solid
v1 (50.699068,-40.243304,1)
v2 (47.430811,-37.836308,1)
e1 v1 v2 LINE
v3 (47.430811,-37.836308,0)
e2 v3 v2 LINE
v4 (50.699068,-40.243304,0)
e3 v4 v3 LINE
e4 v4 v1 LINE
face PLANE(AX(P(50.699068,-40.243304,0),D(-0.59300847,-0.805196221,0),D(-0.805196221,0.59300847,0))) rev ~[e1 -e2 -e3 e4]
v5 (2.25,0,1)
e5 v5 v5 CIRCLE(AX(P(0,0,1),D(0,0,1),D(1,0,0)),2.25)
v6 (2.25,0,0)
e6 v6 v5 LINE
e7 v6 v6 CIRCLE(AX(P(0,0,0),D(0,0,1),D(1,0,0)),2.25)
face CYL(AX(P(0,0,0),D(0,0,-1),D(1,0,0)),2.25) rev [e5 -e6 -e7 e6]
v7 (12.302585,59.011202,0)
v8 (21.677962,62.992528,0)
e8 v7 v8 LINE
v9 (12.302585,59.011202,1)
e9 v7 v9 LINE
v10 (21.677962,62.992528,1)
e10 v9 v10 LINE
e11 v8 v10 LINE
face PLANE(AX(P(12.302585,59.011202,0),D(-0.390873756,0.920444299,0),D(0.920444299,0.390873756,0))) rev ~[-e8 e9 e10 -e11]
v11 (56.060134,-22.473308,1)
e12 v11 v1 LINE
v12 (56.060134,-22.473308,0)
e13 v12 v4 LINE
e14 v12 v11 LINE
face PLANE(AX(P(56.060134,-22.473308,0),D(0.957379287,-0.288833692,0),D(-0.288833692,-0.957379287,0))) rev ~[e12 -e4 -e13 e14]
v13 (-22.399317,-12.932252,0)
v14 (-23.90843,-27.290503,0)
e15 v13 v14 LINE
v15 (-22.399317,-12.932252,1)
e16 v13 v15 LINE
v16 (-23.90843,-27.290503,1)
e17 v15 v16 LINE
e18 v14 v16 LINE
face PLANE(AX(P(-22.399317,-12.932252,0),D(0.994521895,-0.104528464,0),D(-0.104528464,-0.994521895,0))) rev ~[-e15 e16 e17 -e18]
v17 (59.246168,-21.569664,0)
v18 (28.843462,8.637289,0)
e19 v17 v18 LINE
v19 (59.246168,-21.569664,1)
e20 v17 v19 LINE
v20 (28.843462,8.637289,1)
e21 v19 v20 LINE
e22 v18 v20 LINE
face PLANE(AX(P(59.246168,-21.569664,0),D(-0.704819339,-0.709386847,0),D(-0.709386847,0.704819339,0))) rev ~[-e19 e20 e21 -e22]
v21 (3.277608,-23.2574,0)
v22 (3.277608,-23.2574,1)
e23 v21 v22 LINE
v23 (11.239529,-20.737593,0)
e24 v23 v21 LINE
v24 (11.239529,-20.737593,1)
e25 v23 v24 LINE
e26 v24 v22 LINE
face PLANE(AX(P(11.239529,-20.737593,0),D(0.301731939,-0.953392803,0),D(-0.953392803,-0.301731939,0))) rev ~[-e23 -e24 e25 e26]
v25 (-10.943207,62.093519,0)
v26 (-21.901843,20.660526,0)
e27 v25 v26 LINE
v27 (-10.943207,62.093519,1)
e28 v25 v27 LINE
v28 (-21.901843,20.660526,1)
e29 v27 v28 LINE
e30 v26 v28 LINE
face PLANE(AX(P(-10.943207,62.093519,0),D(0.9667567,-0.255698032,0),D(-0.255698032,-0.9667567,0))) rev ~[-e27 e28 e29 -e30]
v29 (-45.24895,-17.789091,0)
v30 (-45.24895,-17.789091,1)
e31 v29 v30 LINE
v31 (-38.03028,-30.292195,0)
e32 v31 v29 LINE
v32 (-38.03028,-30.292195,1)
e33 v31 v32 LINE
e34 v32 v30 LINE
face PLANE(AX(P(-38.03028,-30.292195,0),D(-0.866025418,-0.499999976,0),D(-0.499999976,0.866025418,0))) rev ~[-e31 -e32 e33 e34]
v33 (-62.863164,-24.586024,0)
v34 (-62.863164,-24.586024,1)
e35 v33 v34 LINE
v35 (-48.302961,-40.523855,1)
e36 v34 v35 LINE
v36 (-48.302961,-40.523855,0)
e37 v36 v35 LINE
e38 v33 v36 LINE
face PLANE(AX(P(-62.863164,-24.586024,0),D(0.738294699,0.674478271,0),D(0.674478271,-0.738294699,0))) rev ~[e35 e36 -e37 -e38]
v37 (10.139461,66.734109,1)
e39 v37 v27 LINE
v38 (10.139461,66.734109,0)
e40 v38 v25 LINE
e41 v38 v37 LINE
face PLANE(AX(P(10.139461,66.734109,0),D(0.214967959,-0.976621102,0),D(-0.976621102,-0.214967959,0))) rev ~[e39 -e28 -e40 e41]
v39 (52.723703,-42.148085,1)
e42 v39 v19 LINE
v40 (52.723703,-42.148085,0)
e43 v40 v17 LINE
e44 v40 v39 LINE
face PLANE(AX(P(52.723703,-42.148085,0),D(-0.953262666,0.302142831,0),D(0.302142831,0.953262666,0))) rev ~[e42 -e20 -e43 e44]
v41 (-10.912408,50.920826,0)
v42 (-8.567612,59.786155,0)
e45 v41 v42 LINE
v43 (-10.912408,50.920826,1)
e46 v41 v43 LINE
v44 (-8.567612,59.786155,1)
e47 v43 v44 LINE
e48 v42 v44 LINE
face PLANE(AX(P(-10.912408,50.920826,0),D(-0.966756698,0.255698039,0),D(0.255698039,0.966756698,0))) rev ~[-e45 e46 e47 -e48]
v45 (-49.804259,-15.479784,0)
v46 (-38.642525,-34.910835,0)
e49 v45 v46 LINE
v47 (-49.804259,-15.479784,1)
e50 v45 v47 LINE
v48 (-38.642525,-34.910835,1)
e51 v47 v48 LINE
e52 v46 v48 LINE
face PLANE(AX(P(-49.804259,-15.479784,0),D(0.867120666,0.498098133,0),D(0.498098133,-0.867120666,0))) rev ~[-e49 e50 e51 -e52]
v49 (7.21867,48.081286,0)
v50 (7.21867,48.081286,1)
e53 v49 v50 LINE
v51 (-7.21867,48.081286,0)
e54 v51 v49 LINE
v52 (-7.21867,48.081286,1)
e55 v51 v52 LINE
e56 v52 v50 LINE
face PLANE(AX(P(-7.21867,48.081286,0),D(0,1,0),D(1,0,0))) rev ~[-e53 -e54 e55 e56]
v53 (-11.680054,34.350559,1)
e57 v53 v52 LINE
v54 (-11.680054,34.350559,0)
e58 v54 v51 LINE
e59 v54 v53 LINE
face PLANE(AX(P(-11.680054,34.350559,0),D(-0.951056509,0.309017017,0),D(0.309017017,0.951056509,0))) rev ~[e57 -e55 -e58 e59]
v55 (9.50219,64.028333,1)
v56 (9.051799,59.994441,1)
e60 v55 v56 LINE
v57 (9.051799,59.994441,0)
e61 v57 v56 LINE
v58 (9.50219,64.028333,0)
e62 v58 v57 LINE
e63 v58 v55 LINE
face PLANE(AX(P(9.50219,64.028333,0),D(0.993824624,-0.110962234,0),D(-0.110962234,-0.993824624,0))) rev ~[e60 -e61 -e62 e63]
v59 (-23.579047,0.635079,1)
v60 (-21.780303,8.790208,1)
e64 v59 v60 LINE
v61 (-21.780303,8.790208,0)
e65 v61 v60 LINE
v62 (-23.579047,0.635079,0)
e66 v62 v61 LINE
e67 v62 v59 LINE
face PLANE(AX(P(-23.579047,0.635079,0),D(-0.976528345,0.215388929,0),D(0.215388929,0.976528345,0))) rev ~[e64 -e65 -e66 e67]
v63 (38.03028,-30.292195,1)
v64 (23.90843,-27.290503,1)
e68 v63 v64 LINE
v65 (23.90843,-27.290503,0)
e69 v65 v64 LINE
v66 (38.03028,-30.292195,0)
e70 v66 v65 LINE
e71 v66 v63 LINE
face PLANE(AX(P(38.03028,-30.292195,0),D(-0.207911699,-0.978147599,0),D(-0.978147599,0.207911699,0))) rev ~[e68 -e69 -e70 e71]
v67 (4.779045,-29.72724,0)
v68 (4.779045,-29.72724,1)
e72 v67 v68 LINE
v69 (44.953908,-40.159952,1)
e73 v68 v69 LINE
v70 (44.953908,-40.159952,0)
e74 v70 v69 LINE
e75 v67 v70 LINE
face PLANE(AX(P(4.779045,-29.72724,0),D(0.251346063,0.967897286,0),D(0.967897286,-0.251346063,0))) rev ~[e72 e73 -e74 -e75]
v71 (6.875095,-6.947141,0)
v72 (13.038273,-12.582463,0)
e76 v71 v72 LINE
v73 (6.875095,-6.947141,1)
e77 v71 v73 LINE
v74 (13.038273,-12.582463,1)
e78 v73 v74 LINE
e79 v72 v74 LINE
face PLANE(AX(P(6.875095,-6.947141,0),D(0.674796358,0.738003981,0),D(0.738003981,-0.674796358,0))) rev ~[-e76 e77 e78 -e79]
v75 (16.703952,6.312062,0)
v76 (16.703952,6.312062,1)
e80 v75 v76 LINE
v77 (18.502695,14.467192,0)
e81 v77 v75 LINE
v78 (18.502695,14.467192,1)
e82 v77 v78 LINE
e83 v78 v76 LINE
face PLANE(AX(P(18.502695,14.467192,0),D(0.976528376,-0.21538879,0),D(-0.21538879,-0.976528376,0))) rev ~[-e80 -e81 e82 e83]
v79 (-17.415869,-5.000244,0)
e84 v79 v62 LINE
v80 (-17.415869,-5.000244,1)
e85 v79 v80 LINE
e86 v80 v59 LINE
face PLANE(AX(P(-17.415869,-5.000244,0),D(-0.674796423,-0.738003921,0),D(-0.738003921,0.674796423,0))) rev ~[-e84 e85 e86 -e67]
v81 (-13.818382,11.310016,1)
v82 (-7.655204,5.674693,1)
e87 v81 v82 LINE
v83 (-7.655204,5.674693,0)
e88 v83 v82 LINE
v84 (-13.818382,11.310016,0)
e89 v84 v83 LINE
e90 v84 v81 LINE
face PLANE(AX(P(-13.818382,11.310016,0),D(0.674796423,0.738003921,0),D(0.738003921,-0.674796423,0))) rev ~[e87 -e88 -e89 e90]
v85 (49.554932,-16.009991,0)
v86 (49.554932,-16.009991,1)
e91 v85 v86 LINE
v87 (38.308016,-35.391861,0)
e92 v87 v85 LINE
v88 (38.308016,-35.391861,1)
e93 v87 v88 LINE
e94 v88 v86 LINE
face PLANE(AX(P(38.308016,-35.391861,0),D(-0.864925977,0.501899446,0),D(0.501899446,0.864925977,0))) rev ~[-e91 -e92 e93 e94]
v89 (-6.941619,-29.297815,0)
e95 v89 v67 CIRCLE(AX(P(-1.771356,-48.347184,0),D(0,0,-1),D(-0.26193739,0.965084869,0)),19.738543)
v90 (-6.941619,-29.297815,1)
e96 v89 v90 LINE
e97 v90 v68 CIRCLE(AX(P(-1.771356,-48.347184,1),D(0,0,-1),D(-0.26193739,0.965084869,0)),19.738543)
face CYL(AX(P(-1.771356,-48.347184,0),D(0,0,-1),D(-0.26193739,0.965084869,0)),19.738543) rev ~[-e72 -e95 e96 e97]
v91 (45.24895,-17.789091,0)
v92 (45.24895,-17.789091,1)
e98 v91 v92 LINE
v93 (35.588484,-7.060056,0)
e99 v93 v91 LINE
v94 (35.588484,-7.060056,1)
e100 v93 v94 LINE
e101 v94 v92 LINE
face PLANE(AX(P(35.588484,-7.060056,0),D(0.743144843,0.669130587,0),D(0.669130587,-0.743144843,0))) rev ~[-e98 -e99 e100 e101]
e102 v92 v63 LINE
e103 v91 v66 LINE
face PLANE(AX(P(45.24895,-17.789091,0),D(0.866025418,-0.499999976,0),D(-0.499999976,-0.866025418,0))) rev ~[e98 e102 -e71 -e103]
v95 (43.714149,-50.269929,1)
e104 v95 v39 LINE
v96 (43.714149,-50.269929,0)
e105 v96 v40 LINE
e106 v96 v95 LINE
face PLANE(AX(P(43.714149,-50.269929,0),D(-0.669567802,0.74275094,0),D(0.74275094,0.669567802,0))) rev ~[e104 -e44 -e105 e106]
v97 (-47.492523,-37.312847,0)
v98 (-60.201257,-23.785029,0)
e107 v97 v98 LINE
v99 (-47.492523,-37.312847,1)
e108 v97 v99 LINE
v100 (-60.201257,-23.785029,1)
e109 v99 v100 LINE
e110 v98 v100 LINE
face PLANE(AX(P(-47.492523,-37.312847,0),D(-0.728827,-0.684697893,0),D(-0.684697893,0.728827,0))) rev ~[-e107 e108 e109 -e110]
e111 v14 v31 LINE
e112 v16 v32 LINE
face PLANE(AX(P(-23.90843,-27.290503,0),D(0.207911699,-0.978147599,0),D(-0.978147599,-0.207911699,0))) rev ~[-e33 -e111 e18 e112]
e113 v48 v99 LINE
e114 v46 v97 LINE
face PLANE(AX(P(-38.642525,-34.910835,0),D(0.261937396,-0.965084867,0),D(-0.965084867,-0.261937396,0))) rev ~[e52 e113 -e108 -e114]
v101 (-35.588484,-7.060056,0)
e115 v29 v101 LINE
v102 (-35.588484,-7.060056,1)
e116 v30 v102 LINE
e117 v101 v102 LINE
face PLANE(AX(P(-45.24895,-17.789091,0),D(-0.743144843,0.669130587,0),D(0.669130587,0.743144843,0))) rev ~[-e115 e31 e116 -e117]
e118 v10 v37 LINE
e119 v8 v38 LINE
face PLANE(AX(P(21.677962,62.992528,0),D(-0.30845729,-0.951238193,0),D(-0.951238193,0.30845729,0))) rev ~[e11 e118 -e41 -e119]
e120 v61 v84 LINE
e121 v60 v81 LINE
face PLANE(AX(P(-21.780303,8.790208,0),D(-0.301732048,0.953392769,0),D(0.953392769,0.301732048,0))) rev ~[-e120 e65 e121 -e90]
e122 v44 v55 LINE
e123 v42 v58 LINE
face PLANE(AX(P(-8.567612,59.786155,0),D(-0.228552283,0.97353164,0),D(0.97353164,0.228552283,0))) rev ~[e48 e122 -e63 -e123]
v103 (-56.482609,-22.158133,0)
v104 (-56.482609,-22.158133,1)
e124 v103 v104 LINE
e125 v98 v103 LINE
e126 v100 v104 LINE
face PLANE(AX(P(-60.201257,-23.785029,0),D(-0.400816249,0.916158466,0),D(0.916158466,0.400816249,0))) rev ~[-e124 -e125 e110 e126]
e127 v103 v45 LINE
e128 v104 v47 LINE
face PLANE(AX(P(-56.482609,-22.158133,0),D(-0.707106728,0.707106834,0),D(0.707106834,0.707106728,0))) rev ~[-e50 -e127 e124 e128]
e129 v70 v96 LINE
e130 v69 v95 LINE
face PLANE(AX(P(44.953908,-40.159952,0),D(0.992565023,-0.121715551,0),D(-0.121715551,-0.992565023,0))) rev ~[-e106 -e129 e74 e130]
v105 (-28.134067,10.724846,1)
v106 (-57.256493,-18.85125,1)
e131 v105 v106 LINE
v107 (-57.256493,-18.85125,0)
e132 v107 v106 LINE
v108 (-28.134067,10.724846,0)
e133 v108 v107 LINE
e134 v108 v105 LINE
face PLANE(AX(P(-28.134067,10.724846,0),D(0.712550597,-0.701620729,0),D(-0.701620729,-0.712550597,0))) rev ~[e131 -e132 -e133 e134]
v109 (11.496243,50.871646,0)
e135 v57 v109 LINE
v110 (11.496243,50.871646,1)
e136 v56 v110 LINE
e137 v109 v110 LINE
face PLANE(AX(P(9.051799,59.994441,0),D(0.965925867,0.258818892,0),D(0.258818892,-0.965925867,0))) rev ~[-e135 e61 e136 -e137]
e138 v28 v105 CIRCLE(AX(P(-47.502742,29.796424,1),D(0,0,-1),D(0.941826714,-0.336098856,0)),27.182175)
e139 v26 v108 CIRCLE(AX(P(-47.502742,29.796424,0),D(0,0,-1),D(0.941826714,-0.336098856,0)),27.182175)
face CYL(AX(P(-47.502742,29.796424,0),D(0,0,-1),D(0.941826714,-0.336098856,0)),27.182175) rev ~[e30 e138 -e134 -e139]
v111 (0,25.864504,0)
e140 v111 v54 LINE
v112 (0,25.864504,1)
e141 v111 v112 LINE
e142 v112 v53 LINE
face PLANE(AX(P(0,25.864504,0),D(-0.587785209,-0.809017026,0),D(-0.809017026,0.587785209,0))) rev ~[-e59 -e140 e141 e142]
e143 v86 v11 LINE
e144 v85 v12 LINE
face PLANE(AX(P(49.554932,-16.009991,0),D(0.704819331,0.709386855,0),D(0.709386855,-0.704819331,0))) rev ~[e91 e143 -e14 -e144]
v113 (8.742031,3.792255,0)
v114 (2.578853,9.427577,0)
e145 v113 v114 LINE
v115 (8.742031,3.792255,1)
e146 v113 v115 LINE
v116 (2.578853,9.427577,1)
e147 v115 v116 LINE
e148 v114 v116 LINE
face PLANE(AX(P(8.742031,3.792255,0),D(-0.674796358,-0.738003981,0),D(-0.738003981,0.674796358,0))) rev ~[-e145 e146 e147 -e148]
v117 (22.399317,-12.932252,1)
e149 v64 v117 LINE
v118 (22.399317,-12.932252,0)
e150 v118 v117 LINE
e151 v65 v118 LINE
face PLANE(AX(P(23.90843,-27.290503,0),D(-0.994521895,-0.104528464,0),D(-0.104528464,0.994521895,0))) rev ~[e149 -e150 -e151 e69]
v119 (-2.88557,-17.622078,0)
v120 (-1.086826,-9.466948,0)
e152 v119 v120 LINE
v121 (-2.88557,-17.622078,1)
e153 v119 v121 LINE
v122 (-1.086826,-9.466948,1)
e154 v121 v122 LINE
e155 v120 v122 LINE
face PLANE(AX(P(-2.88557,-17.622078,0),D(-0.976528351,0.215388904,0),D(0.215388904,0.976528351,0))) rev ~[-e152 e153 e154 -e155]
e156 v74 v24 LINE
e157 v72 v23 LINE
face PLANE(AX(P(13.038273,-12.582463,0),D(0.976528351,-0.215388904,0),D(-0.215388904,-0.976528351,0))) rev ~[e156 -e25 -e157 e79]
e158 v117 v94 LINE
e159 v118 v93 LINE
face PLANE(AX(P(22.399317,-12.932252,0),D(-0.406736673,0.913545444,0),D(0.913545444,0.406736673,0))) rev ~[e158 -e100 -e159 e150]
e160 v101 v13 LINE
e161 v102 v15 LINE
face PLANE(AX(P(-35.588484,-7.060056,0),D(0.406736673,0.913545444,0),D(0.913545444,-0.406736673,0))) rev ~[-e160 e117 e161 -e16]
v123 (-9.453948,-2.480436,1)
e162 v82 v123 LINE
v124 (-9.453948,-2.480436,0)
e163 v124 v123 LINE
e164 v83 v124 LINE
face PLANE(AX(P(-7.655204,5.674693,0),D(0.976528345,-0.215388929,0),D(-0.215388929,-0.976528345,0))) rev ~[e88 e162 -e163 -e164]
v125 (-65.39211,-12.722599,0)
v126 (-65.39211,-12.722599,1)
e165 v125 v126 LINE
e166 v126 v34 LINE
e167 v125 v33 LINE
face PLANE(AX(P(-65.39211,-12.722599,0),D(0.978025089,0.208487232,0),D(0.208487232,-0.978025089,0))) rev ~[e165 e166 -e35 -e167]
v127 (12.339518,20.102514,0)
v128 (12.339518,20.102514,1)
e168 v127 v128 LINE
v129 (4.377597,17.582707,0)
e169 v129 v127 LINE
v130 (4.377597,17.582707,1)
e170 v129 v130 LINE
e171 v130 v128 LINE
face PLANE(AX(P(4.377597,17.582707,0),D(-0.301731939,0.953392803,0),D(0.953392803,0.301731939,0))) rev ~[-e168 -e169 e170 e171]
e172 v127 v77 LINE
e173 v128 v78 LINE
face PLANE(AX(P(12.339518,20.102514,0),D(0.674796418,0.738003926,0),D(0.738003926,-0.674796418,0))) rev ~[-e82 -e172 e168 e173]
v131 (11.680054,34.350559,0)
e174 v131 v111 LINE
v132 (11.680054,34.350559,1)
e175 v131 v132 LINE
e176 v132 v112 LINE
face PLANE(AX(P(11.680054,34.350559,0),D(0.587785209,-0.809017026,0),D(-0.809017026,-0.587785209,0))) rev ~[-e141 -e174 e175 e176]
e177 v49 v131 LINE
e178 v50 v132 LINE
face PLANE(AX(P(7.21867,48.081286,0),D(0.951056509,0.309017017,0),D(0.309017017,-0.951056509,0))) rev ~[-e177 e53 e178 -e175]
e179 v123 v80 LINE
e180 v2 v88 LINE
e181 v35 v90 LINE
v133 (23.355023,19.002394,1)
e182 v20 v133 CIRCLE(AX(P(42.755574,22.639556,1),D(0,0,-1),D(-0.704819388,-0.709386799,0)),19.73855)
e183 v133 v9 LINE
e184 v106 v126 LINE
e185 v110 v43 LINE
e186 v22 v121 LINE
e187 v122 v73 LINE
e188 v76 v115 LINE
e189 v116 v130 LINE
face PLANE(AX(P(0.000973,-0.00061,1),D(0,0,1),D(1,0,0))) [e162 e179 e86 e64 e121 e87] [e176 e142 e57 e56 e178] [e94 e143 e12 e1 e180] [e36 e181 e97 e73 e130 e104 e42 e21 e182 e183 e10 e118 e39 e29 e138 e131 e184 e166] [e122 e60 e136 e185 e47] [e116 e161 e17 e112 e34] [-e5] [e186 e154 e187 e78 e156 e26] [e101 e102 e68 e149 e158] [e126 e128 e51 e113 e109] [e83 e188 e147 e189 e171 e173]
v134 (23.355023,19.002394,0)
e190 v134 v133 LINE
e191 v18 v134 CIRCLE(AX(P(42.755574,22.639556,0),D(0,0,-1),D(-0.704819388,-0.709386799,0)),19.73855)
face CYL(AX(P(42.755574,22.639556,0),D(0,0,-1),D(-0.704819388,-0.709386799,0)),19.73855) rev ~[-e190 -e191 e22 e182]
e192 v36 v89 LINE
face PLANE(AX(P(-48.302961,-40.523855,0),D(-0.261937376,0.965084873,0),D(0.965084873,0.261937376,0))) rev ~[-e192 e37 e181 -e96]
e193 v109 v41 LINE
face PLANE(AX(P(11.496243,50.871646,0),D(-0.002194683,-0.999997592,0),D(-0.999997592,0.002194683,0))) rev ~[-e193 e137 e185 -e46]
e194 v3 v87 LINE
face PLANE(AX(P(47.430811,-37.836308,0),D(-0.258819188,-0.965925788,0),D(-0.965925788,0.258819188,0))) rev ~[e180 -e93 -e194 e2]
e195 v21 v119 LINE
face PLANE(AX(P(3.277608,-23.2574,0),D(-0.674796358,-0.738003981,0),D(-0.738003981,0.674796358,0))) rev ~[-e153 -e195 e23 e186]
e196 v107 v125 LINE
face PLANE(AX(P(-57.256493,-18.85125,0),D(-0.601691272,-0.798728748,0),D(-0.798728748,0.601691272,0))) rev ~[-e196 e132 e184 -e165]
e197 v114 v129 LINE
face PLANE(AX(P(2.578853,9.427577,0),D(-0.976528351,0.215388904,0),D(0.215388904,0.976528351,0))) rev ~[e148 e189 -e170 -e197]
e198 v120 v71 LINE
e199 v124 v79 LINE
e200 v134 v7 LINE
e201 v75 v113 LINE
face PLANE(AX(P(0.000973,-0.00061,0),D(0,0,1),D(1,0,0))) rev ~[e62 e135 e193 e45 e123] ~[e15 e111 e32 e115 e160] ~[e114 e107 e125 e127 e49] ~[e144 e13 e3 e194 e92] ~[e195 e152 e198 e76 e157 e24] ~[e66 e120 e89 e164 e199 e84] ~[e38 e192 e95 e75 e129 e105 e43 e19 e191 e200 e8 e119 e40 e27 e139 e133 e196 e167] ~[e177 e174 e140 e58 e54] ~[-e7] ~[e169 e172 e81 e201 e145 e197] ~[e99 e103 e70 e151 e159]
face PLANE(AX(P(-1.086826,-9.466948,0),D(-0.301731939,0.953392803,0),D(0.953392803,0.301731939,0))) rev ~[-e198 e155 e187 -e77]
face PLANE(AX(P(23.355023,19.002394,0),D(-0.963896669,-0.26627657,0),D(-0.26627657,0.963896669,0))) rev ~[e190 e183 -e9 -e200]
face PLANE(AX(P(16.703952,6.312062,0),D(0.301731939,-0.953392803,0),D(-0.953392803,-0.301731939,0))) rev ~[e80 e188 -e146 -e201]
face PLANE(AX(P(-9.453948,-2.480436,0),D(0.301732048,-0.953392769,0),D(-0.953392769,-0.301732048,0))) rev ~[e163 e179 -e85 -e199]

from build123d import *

# Parameters (mm, degrees)
F0_R     = 2.25
F1_DEPTH = 1


with BuildPart() as f1:
    # F0 (on Top) → F1 (new body)
    with BuildSketch(Plane.XY):
        with BuildLine():
            Line((21.677962, 62.992528), (10.139461, 66.734109))
            Line((10.139461, 66.734109), (-10.943207, 62.093519))
            Line((-10.943207, 62.093519), (-21.901843, 20.660526))
            ThreePointArc((-21.901843, 20.660526), (-24.475691, 15.352547), (-28.134067, 10.724846))
            Line((-28.134067, 10.724846), (-57.256493, -18.85125))
            Line((-57.256493, -18.85125), (-65.39211, -12.722599))
            Line((-65.39211, -12.722599), (-62.863164, -24.586024))
            Line((-62.863164, -24.586024), (-48.302961, -40.523855))
            Line((-48.302961, -40.523855), (-6.941619, -29.297815))
            ThreePointArc((-6.941619, -29.297815), (-1.048655, -28.621876), (4.779045, -29.72724))
            Line((4.779045, -29.72724), (44.953908, -40.159952))
            Line((44.953908, -40.159952), (43.714149, -50.269929))
            Line((43.714149, -50.269929), (52.723703, -42.148085))
            Line((52.723703, -42.148085), (59.246168, -21.569664))
            Line((59.246168, -21.569664), (28.843462, 8.637289))
            ThreePointArc((28.843462, 8.637289), (25.3116, 13.402776), (23.355023, 19.002394))
            Line((23.355023, 19.002394), (12.302585, 59.011202))
            Line((12.302585, 59.011202), (21.677962, 62.992528))
        make_face()
        Polygon((-47.492523, -37.312847), (-60.201257, -23.785029), (-56.482609, -22.158133), (-49.804259, -15.479784), (-38.642525, -34.910835), align=None, mode=Mode.SUBTRACT)
        Polygon((-22.399317, -12.932252), (-23.90843, -27.290503), (-38.03028, -30.292195), (-45.24895, -17.789091), (-35.588484, -7.060056), align=None, mode=Mode.SUBTRACT)
        Polygon((-21.780303, 8.790208), (-13.818382, 11.310016), (-7.655204, 5.674693), (-9.453948, -2.480436), (-17.415869, -5.000244), (-23.579047, 0.635079), align=None, mode=Mode.SUBTRACT)
        Polygon((47.430811, -37.836308), (38.308016, -35.391861), (49.554932, -16.009991), (56.060134, -22.473308), (50.699068, -40.243304), align=None, mode=Mode.SUBTRACT)
        Polygon((3.277608, -23.2574), (-2.88557, -17.622078), (-1.086826, -9.466948), (6.875095, -6.947141), (13.038273, -12.582463), (11.239529, -20.737593), align=None, mode=Mode.SUBTRACT)
        Circle(F0_R, mode=Mode.SUBTRACT)
        Polygon((22.399317, -12.932252), (35.588484, -7.060056), (45.24895, -17.789091), (38.03028, -30.292195), (23.90843, -27.290503), align=None, mode=Mode.SUBTRACT)
        Polygon((18.502695, 14.467192), (16.703952, 6.312062), (8.742031, 3.792255), (2.578853, 9.427577), (4.377597, 17.582707), (12.339518, 20.102514), align=None, mode=Mode.SUBTRACT)
        Polygon((-11.680054, 34.350559), (-7.21867, 48.081286), (7.21867, 48.081286), (11.680054, 34.350559), (0, 25.864504), align=None, mode=Mode.SUBTRACT)
        Polygon((9.051799, 59.994441), (11.496243, 50.871646), (-10.912408, 50.920826), (-8.567612, 59.786155), (9.50219, 64.028333), align=None, mode=Mode.SUBTRACT)
    extrude(amount=F1_DEPTH)


solid = f1.part
